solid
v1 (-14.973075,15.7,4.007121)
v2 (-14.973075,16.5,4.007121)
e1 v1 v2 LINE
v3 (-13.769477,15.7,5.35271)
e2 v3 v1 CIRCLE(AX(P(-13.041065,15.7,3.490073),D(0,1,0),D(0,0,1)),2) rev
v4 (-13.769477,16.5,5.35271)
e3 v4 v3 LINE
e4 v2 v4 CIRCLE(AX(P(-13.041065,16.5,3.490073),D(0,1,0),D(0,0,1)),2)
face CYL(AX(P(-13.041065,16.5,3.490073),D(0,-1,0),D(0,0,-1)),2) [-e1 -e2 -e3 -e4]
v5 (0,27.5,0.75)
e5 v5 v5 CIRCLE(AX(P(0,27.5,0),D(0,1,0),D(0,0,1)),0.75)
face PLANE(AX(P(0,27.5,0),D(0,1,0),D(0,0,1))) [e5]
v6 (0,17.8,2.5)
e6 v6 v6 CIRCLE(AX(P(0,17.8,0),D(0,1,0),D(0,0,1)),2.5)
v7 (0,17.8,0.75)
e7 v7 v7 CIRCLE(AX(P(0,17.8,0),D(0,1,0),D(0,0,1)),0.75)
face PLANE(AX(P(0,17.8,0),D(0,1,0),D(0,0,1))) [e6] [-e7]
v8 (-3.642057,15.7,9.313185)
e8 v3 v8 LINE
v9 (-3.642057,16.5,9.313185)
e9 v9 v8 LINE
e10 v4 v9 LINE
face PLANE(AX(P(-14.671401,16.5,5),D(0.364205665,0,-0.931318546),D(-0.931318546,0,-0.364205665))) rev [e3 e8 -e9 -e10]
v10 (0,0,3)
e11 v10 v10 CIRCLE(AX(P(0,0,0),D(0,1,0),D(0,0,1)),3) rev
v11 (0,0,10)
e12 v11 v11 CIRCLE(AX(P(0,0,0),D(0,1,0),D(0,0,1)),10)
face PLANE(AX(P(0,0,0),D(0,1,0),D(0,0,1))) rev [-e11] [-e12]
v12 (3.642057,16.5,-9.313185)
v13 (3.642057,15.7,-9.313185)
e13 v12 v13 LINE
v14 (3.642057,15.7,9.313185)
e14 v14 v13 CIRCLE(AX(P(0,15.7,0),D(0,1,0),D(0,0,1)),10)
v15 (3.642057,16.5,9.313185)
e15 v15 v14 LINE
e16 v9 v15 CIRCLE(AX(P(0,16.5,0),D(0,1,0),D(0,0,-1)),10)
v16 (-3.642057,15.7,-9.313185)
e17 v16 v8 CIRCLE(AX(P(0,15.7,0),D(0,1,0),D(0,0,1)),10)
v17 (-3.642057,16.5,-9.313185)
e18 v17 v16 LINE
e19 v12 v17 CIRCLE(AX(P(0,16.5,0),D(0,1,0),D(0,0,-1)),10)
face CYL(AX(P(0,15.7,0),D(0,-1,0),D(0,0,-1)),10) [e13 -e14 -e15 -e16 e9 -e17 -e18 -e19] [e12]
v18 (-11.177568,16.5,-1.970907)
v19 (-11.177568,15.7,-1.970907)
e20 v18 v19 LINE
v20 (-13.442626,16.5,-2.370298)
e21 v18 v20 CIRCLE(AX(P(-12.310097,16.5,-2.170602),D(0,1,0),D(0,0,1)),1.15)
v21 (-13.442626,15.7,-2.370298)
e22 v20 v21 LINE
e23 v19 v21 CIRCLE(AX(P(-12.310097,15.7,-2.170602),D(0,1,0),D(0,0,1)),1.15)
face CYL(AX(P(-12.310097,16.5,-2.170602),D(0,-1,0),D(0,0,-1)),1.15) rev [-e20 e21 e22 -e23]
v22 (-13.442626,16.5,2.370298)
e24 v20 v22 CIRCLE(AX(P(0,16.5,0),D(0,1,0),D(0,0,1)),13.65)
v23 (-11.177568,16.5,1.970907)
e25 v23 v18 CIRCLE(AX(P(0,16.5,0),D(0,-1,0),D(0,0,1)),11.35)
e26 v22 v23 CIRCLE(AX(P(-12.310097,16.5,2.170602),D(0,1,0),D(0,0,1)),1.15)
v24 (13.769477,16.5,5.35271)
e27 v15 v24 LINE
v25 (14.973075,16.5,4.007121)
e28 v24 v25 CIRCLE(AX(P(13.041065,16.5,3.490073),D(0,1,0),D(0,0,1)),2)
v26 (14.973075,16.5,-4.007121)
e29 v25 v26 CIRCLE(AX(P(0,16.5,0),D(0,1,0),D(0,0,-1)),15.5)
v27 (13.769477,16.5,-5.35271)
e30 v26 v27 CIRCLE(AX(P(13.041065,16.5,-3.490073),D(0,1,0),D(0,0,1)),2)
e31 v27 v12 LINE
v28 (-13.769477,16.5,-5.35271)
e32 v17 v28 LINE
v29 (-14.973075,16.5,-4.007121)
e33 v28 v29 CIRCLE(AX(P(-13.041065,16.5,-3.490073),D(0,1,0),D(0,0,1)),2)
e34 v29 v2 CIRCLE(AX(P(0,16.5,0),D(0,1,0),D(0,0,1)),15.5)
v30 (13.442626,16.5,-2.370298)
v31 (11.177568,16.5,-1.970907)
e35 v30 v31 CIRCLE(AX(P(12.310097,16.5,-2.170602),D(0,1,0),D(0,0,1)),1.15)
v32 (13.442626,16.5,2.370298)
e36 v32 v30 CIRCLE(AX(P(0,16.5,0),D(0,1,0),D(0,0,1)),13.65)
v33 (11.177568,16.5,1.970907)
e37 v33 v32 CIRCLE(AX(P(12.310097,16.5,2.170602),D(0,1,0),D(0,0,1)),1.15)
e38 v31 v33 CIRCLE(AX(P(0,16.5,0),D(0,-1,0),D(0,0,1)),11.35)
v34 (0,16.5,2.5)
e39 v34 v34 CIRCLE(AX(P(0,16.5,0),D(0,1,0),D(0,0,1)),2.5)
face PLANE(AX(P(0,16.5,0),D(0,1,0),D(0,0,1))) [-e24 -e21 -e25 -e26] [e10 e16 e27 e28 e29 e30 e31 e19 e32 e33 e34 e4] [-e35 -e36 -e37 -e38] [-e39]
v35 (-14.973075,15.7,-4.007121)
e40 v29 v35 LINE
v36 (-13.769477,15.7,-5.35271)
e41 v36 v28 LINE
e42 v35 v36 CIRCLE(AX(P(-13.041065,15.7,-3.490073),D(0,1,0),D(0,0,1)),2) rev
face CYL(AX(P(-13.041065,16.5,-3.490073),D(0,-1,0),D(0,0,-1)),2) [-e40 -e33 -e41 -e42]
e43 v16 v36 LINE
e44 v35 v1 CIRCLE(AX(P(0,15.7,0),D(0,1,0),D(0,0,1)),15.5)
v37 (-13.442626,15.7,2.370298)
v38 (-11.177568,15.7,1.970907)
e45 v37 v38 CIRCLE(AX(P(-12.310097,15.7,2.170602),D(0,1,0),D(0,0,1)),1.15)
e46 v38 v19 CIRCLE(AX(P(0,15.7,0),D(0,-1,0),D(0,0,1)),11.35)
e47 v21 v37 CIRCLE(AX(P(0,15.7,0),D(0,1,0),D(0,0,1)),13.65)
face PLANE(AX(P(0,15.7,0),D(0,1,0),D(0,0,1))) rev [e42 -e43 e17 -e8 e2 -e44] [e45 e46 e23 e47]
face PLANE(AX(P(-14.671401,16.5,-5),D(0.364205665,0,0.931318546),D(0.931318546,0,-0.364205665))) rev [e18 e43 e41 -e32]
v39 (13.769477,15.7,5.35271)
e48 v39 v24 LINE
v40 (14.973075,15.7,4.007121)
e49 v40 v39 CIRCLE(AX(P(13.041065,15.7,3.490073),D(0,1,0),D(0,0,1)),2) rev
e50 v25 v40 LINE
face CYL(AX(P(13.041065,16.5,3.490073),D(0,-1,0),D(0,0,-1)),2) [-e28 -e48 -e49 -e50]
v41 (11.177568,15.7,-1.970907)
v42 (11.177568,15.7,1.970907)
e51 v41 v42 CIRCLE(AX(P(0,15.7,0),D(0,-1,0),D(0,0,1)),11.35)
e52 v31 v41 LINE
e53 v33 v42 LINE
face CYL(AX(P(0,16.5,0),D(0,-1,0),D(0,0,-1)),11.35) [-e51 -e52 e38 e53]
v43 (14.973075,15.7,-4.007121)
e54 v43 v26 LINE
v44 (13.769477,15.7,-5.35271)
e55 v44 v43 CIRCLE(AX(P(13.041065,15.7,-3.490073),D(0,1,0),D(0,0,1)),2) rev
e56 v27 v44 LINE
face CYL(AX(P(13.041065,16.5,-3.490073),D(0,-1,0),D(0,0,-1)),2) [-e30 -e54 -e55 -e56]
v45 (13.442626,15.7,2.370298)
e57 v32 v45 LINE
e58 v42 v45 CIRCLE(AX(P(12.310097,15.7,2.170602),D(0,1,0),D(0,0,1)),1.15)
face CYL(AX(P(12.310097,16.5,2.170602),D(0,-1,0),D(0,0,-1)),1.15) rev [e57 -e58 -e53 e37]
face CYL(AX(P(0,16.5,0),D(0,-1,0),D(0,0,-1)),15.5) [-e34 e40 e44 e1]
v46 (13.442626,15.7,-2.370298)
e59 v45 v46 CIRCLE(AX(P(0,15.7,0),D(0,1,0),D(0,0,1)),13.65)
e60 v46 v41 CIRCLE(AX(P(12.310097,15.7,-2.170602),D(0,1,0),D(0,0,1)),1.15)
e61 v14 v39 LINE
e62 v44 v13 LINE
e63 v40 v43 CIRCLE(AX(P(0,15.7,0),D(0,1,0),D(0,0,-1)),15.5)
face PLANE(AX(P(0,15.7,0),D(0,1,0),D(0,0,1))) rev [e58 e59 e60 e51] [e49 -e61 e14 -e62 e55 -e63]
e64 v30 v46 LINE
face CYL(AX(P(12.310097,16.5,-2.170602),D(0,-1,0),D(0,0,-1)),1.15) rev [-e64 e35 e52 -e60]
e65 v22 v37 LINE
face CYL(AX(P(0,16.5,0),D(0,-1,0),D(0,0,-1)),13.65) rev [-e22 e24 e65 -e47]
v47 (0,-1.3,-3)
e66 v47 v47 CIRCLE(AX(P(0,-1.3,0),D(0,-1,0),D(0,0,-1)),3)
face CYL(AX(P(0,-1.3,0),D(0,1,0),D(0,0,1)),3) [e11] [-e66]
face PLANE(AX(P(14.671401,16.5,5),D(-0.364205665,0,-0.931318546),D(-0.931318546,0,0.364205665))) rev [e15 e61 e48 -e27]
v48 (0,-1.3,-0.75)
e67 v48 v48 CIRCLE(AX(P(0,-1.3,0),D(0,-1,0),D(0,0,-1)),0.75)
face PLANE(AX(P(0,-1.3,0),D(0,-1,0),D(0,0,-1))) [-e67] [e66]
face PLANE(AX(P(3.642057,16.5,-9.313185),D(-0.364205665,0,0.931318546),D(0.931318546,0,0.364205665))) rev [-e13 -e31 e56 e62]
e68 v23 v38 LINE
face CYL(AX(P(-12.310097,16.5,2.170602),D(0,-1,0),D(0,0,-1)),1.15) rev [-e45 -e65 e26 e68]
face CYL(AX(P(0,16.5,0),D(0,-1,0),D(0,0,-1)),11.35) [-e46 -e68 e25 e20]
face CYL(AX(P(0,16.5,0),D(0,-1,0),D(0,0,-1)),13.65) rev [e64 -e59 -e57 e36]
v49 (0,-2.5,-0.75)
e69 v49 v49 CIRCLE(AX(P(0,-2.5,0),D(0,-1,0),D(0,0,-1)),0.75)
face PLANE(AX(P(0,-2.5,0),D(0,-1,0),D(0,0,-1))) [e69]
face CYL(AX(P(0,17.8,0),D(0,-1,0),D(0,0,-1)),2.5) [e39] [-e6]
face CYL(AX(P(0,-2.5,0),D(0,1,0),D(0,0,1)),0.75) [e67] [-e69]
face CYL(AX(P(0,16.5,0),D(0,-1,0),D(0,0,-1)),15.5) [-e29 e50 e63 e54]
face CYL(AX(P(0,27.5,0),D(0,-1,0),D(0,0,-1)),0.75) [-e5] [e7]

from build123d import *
from build123d.topology import SkipClean

# Parameters (mm, degrees)
SKETCH1_R           = 10
BOSS_EXTRUDE1_DEPTH = 15.7
SKETCH2_R           = 3
BOSS_EXTRUDE2_DEPTH = 1.3
BOSS_EXTRUDE3_DEPTH = 0.8
FILLET1_R           = 2
SKETCH4_R           = 2.5
BOSS_EXTRUDE4_DEPTH = 1.3
SKETCH5_R           = 0.75
BOSS_EXTRUDE5_DEPTH = 9.7
BOSS_EXTRUDE6_START = 1.2
SKETCH6_R           = 0.75
BOSS_EXTRUDE6_DEPTH = 1.2


with BuildPart() as part:
    # Sketch1 → Boss-Extrude1 (new body)
    with BuildSketch(Plane(origin=(0, 0, 0), x_dir=(1, 0, 0), z_dir=(0, 1, 0))):
        with Locations(Location((0, 0, 0), (0, 0, 270))):
            Circle(SKETCH1_R)
    extrude(amount=BOSS_EXTRUDE1_DEPTH)

    # Sketch2 → Boss-Extrude2 (add)
    with BuildSketch(Plane.XZ):
        with Locations(Location((0, 0, 0), (0, 0, 90))):
            Circle(SKETCH2_R)
    extrude(amount=BOSS_EXTRUDE2_DEPTH)

    # Sketch3 → Boss-Extrude3 (add)
    with SkipClean():  # the faces are left unmerged after this step: merging them gives an invalid solid
        with BuildSketch(Plane(origin=(0, 15.7, 0), x_dir=(1, 0, 0), z_dir=(0, 1, 0))):
            with BuildLine():
                Line((-14.671400751, 5), (-3.642056653, 9.313185456))
                ThreePointArc((-3.642056653, 9.313185456), (0, 10), (3.642056653, 9.313185456))
                Line((3.642056653, 9.313185456), (14.671400751, 5))
                ThreePointArc((14.671400751, 5), (15.5, 0), (14.671400751, -5))
                Line((14.671400751, -5), (3.642056653, -9.313185456))
                ThreePointArc((3.642056653, -9.313185456), (0, -10), (-3.642056653, -9.313185456))
                Line((-3.642056653, -9.313185456), (-14.671400751, -5))
                ThreePointArc((-14.671400751, -5), (-15.5, 0), (-14.671400751, 5))
            make_face()
            with BuildLine():
                ThreePointArc((-13.442625829, 2.370297625), (-13.65, 0), (-13.442625829, -2.370297625))
                ThreePointArc((-13.442625829, -2.370297625), (-12.110401508, -3.303131137), (-11.177567997, -1.970906817))
                ThreePointArc((-11.177567997, -1.970906817), (-11.35, 0), (-11.177567997, 1.970906817))
                ThreePointArc((-11.177567997, 1.970906817), (-12.110401508, 3.303131137), (-13.442625829, 2.370297625))
            make_face(mode=Mode.SUBTRACT)
            with BuildLine():
                ThreePointArc((13.442625829, -2.370297625), (13.65, 0), (13.442625829, 2.370297625))
                ThreePointArc((13.442625829, 2.370297625), (12.110401508, 3.303131137), (11.177567997, 1.970906817))
                ThreePointArc((11.177567997, 1.970906817), (11.35, 0), (11.177567997, -1.970906817))
                ThreePointArc((11.177567997, -1.970906817), (12.110401508, -3.303131137), (13.442625829, -2.370297625))
            make_face(mode=Mode.SUBTRACT)
        extrude(amount=BOSS_EXTRUDE3_DEPTH)

    # Fillet1
    fillet1_edges = [part.edges().sort_by_distance(p)[0] for p in [
        (-14.671400751, 16.1, -5),
        (14.671400751, 16.1, -5),
        (14.671400751, 16.1, 5),
        (-14.671400751, 16.1, 5),
    ]]
    fillet(fillet1_edges, radius=FILLET1_R)

    # Sketch4 → Boss-Extrude4 (add)
    with SkipClean():  # the faces are left unmerged after this step: merging them gives an invalid solid
        with BuildSketch(Plane(origin=(0, 16.5, 0), x_dir=(1, 0, 0), z_dir=(0, 1, 0))):
            with Locations(Location((0, 0, 0), (0, 0, 270))):
                Circle(SKETCH4_R)
        extrude(amount=BOSS_EXTRUDE4_DEPTH)

    # Sketch5 → Boss-Extrude5 (add)
    with SkipClean():  # the faces are left unmerged after this step: merging them gives an invalid solid
        with BuildSketch(Plane(origin=(0, 17.8, 0), x_dir=(1, 0, 0), z_dir=(0, 1, 0))):
            with Locations(Location((0, 0, 0), (0, 0, 270))):
                Circle(SKETCH5_R)
        extrude(amount=BOSS_EXTRUDE5_DEPTH)

    # Sketch6 → Boss-Extrude6 (add)
    with SkipClean():  # the faces are left unmerged after this step: merging them gives an invalid solid
        with BuildSketch(Plane.XZ.offset(1.3).offset(BOSS_EXTRUDE6_START)):
            with Locations(Location((0, 0, 0), (0, 0, 90))):
                Circle(SKETCH6_R)
        extrude(amount=-BOSS_EXTRUDE6_DEPTH)


solid = part.part
